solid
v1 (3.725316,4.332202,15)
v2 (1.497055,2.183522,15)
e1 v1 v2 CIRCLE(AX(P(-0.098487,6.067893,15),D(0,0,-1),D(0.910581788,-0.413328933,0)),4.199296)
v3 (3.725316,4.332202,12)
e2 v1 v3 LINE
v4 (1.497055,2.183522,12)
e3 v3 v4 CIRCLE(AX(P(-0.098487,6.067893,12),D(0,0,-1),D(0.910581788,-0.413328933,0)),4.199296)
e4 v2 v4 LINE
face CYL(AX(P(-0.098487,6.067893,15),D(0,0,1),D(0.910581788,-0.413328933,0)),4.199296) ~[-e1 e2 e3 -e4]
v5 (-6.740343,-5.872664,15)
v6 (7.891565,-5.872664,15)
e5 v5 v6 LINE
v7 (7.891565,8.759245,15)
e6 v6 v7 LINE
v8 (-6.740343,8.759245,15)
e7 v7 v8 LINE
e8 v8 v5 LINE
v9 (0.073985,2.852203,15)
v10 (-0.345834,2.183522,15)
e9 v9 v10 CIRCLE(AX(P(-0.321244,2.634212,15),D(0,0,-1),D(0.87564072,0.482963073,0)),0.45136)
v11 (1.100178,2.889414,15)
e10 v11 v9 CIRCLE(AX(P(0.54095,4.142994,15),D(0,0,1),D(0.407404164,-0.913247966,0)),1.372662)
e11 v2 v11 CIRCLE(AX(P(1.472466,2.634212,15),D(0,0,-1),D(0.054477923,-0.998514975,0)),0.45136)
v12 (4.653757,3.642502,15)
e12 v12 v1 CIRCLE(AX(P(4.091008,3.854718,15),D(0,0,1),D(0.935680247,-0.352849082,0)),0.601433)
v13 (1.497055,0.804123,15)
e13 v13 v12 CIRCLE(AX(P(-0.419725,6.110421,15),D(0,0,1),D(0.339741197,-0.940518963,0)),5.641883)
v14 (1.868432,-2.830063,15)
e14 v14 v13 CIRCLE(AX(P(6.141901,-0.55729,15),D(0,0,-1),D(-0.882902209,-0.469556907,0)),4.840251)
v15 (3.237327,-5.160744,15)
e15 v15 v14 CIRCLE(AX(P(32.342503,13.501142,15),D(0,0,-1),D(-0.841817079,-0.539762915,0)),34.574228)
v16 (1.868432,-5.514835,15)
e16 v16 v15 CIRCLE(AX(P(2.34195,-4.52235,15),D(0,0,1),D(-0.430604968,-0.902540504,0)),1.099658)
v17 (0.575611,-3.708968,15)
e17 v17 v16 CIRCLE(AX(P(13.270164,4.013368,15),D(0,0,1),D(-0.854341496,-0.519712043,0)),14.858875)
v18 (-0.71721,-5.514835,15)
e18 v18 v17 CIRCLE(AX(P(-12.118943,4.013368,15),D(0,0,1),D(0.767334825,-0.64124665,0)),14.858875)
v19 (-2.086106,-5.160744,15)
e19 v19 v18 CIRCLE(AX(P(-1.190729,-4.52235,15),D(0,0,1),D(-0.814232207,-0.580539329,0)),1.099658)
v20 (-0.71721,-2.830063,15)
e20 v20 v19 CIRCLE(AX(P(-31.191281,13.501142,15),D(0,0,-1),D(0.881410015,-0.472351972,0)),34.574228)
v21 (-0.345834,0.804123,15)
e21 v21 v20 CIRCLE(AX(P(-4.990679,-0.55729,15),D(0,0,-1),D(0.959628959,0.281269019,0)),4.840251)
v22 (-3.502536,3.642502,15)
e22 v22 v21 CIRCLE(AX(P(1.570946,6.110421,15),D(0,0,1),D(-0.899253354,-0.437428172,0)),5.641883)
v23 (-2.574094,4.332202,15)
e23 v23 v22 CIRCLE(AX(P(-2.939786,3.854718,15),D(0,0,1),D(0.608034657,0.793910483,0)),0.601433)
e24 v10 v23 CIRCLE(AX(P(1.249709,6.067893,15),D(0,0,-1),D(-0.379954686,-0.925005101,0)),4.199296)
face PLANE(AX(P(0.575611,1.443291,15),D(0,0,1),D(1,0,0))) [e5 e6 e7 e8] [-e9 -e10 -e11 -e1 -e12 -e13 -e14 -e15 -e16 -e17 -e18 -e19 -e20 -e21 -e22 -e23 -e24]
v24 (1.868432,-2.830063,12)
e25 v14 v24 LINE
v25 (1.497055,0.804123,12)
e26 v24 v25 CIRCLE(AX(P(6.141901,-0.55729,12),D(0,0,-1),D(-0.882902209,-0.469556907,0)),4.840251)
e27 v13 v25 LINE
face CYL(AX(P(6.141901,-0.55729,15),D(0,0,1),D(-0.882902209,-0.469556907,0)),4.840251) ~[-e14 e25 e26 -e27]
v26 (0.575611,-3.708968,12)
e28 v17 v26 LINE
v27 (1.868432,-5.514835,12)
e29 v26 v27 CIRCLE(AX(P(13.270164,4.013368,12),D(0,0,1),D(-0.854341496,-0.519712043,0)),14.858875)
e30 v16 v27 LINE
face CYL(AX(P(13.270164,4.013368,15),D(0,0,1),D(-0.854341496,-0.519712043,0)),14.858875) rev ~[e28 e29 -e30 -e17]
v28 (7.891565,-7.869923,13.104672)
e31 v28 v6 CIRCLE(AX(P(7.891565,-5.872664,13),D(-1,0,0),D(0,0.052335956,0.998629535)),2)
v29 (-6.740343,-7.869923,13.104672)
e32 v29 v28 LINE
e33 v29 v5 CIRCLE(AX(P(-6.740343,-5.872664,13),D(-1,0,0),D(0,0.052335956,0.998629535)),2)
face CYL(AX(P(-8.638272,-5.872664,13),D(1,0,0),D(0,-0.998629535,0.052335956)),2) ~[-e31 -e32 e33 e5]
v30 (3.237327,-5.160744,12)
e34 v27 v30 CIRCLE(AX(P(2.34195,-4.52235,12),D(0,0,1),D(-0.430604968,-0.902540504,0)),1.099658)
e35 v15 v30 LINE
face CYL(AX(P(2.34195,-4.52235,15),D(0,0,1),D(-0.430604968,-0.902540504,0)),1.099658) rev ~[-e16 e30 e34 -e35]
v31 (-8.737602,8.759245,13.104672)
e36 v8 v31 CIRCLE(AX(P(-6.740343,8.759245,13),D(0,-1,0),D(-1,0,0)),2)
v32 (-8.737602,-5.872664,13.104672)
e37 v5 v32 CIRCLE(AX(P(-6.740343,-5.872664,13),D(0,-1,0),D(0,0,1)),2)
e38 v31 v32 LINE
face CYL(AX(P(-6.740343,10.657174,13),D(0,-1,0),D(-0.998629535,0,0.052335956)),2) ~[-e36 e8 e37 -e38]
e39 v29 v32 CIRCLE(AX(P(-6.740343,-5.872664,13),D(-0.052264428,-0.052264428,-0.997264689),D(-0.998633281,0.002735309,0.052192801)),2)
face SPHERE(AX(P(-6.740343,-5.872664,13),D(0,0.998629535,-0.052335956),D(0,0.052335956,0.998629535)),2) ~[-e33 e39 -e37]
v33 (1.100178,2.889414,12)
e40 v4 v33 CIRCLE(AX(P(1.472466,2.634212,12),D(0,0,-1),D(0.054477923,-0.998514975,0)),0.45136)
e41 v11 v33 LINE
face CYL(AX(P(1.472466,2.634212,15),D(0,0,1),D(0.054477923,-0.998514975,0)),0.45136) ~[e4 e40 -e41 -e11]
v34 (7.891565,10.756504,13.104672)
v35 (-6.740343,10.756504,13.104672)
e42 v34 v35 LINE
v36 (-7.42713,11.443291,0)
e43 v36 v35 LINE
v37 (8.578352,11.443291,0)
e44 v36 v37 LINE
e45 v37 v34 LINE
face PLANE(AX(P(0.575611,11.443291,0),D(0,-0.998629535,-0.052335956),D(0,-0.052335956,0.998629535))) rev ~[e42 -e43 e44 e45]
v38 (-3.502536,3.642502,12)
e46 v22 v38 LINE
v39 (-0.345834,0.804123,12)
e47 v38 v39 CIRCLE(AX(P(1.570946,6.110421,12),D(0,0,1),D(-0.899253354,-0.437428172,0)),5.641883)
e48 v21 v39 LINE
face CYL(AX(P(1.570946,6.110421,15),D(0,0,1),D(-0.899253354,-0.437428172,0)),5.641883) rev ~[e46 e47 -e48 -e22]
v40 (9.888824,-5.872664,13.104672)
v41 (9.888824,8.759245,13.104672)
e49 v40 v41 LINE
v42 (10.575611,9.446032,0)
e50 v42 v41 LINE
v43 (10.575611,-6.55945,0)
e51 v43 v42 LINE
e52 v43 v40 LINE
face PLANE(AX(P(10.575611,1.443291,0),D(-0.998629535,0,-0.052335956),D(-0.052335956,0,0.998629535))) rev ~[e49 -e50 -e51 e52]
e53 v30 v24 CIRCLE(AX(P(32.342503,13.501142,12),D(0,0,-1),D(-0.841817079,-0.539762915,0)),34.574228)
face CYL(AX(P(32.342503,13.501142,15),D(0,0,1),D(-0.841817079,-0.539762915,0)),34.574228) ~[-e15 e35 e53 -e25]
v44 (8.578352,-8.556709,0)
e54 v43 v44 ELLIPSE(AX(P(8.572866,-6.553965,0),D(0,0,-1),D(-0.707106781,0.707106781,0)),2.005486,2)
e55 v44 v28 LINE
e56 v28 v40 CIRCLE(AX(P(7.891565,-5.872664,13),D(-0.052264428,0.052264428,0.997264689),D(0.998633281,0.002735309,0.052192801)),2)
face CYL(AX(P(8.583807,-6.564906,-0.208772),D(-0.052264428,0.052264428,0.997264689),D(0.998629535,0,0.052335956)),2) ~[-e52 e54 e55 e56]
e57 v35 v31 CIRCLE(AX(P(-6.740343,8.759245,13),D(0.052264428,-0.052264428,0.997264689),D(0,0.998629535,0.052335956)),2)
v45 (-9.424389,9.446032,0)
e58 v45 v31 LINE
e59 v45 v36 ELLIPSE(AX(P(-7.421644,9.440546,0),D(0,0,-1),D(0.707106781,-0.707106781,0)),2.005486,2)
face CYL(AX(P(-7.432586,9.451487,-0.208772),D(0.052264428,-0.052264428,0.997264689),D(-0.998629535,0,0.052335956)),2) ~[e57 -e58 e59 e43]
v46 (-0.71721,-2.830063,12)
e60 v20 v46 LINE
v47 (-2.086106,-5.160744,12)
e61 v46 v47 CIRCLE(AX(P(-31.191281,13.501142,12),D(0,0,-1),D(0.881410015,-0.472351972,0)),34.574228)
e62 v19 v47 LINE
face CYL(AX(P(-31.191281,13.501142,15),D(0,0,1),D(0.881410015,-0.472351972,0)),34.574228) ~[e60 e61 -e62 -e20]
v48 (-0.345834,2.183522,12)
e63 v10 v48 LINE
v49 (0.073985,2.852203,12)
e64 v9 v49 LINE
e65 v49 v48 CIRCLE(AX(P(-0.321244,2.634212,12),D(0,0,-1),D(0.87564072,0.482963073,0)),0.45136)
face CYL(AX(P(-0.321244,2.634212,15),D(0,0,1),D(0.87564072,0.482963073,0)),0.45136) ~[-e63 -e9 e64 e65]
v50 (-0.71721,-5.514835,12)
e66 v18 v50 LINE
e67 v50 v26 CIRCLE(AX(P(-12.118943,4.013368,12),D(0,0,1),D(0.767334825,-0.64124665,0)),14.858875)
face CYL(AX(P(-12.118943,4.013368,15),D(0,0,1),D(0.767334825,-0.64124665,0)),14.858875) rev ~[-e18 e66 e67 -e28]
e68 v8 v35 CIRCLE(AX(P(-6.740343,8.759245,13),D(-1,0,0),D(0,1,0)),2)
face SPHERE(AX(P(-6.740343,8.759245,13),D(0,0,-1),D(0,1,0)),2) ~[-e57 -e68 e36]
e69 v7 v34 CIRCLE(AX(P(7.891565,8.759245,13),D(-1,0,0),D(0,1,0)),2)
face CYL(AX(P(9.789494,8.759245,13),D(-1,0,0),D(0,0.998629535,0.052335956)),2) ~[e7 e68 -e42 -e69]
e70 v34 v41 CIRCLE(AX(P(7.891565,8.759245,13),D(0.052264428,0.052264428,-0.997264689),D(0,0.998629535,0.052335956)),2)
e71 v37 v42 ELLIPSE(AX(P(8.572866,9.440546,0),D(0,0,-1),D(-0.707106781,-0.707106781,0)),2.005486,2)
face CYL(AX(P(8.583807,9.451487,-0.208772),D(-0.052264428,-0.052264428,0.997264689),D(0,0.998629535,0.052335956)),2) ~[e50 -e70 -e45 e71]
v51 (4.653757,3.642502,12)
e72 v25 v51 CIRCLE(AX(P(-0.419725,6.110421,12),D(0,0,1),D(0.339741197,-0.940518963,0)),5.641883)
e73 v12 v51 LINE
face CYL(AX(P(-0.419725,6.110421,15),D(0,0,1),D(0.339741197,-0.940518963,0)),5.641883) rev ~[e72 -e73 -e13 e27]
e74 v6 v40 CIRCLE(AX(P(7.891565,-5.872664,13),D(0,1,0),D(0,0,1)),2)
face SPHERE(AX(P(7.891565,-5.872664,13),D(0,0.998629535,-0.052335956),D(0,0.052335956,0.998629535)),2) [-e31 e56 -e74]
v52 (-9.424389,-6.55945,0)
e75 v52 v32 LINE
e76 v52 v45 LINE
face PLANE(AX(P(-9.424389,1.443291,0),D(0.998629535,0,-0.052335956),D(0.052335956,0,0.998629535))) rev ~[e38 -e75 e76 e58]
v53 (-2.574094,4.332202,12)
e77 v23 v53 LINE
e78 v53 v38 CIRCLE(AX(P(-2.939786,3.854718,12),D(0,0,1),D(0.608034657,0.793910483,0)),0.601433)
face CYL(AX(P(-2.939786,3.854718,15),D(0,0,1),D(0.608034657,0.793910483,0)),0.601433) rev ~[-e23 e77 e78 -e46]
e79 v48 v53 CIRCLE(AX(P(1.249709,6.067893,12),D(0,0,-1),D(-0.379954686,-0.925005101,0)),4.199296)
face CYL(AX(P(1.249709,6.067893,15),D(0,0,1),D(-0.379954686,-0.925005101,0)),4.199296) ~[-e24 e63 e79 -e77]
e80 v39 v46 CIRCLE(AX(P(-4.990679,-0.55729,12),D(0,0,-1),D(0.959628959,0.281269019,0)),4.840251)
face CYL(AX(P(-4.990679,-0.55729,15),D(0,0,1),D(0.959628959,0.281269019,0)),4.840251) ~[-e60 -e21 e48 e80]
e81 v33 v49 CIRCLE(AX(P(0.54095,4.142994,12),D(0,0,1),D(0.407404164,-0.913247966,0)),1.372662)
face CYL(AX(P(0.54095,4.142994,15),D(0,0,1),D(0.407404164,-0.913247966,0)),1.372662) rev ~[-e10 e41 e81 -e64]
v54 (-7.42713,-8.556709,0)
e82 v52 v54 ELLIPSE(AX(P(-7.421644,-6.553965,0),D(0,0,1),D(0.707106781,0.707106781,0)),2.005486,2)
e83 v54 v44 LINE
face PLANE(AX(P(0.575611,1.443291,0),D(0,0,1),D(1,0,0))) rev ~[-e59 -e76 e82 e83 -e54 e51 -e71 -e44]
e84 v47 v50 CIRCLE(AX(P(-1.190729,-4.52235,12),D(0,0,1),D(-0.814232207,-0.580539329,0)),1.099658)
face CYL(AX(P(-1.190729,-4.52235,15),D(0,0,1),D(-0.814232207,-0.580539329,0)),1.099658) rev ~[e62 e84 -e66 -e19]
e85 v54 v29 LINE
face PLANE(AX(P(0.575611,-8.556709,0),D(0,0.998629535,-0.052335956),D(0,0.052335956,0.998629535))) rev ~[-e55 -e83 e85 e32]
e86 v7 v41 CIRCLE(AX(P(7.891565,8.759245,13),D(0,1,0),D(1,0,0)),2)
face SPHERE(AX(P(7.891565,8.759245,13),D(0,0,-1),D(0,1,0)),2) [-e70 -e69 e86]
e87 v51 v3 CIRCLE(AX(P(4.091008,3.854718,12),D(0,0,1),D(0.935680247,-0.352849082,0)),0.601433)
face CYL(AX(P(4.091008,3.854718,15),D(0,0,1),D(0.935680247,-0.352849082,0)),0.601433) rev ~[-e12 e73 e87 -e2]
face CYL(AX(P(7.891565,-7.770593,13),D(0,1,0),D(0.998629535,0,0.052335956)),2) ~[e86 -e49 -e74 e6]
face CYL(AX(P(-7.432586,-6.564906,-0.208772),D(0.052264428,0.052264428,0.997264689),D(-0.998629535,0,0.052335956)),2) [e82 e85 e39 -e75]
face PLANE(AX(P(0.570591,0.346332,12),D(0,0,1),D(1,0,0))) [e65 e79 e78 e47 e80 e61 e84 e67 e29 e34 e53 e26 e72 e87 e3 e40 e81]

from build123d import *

# Parameters (mm, degrees)
F0_W     = 20
F0_H     = 20
F1_DEPTH = 15
F1_TAPER = 3
F2_R     = 2
F4_DEPTH = 3


with BuildPart() as f1:
    # F0 (on Top) → F1 (new body)
    with BuildSketch(Plane.XY):
        with Locations((0.5756109022, 1.4432906293)):
            Rectangle(F0_W, F0_H)
    extrude(amount=F1_DEPTH, taper=F1_TAPER)

    # F2
    f2_edges = [f1.edges().sort_by_distance(p)[0] for p in [
        (10.182552, 11.050232, 7.500009),
        (-9.031331, 11.050232, 7.5),
        (0.575611, 10.657174, 15),
        (9.789494, 1.443291, 15),
        (-8.638272, 1.443291, 15),
        (0.575611, -7.770593, 15),
        (10.182553, -8.163651, 7.5),
        (-9.031331, -8.163651, 7.5),
    ]]
    fillet(f2_edges, radius=F2_R)

    # F3 (on face) → F4 (cut)
    with BuildSketch(Plane.XY.offset(15)):
        with BuildLine():
            ThreePointArc((0.0739849746, 2.8522026186), (0.0610210241, 2.3942139809), (-0.3458335996, 2.1835223306))
            ThreePointArc((-0.3458335996, 2.1835223306), (-1.6651722336, 3.0450533776), (-2.5740938727, 4.332202021))
            ThreePointArc((-2.5740938727, 4.332202021), (-3.2984354247, 4.3375147134), (-3.5025356337, 3.6425024737))
            ThreePointArc((-3.5025356337, 3.6425024737), (-2.2013261333, 1.9150900343), (-0.3458335996, 0.8041231777))
            ThreePointArc((-0.3458335996, 0.8041231777), (-0.1755041632, -1.0493512959), (-0.7172103506, -2.8300629929))
            ThreePointArc((-0.7172103506, -2.8300629929), (-1.3788731625, -4.0087859867), (-2.0861055236, -5.160744302))
            ThreePointArc((-2.0861055236, -5.160744302), (-1.4661125478, -5.5869675362), (-0.7172103506, -5.5148354732))
            ThreePointArc((-0.7172103506, -5.5148354732), (-0.0370124501, -4.6360900284), (0.5756109022, -3.708967939))
            ThreePointArc((0.5756109022, -3.708967939), (1.1882342544, -4.6360900284), (1.8684321549, -5.5148354732))
            ThreePointArc((1.8684321549, -5.5148354732), (2.6173343521, -5.5869675362), (3.237327328, -5.160744302))
            ThreePointArc((3.237327328, -5.160744302), (2.5300949668, -4.0087859867), (1.8684321549, -2.8300629929))
            ThreePointArc((1.8684321549, -2.8300629929), (1.3267259675, -1.0493512959), (1.4970554039, 0.8041231777))
            ThreePointArc((1.4970554039, 0.8041231777), (3.3525479377, 1.9150900343), (4.6537574381, 3.6425024737))
            ThreePointArc((4.6537574381, 3.6425024737), (4.449657229, 4.3375147134), (3.725315677, 4.332202021))
            ThreePointArc((3.725315677, 4.332202021), (2.8163940379, 3.0450533776), (1.4970554039, 2.1835223306))
            ThreePointArc((1.4970554039, 2.1835223306), (1.0790271453, 2.4130070709), (1.100178456, 2.8894139275))
            ThreePointArc((1.100178456, 2.8894139275), (0.4912082686, 5.5147546705), (0.0739849746, 2.8522026186))
        make_face()
    extrude(amount=-F4_DEPTH, mode=Mode.SUBTRACT)


solid = f1.part
